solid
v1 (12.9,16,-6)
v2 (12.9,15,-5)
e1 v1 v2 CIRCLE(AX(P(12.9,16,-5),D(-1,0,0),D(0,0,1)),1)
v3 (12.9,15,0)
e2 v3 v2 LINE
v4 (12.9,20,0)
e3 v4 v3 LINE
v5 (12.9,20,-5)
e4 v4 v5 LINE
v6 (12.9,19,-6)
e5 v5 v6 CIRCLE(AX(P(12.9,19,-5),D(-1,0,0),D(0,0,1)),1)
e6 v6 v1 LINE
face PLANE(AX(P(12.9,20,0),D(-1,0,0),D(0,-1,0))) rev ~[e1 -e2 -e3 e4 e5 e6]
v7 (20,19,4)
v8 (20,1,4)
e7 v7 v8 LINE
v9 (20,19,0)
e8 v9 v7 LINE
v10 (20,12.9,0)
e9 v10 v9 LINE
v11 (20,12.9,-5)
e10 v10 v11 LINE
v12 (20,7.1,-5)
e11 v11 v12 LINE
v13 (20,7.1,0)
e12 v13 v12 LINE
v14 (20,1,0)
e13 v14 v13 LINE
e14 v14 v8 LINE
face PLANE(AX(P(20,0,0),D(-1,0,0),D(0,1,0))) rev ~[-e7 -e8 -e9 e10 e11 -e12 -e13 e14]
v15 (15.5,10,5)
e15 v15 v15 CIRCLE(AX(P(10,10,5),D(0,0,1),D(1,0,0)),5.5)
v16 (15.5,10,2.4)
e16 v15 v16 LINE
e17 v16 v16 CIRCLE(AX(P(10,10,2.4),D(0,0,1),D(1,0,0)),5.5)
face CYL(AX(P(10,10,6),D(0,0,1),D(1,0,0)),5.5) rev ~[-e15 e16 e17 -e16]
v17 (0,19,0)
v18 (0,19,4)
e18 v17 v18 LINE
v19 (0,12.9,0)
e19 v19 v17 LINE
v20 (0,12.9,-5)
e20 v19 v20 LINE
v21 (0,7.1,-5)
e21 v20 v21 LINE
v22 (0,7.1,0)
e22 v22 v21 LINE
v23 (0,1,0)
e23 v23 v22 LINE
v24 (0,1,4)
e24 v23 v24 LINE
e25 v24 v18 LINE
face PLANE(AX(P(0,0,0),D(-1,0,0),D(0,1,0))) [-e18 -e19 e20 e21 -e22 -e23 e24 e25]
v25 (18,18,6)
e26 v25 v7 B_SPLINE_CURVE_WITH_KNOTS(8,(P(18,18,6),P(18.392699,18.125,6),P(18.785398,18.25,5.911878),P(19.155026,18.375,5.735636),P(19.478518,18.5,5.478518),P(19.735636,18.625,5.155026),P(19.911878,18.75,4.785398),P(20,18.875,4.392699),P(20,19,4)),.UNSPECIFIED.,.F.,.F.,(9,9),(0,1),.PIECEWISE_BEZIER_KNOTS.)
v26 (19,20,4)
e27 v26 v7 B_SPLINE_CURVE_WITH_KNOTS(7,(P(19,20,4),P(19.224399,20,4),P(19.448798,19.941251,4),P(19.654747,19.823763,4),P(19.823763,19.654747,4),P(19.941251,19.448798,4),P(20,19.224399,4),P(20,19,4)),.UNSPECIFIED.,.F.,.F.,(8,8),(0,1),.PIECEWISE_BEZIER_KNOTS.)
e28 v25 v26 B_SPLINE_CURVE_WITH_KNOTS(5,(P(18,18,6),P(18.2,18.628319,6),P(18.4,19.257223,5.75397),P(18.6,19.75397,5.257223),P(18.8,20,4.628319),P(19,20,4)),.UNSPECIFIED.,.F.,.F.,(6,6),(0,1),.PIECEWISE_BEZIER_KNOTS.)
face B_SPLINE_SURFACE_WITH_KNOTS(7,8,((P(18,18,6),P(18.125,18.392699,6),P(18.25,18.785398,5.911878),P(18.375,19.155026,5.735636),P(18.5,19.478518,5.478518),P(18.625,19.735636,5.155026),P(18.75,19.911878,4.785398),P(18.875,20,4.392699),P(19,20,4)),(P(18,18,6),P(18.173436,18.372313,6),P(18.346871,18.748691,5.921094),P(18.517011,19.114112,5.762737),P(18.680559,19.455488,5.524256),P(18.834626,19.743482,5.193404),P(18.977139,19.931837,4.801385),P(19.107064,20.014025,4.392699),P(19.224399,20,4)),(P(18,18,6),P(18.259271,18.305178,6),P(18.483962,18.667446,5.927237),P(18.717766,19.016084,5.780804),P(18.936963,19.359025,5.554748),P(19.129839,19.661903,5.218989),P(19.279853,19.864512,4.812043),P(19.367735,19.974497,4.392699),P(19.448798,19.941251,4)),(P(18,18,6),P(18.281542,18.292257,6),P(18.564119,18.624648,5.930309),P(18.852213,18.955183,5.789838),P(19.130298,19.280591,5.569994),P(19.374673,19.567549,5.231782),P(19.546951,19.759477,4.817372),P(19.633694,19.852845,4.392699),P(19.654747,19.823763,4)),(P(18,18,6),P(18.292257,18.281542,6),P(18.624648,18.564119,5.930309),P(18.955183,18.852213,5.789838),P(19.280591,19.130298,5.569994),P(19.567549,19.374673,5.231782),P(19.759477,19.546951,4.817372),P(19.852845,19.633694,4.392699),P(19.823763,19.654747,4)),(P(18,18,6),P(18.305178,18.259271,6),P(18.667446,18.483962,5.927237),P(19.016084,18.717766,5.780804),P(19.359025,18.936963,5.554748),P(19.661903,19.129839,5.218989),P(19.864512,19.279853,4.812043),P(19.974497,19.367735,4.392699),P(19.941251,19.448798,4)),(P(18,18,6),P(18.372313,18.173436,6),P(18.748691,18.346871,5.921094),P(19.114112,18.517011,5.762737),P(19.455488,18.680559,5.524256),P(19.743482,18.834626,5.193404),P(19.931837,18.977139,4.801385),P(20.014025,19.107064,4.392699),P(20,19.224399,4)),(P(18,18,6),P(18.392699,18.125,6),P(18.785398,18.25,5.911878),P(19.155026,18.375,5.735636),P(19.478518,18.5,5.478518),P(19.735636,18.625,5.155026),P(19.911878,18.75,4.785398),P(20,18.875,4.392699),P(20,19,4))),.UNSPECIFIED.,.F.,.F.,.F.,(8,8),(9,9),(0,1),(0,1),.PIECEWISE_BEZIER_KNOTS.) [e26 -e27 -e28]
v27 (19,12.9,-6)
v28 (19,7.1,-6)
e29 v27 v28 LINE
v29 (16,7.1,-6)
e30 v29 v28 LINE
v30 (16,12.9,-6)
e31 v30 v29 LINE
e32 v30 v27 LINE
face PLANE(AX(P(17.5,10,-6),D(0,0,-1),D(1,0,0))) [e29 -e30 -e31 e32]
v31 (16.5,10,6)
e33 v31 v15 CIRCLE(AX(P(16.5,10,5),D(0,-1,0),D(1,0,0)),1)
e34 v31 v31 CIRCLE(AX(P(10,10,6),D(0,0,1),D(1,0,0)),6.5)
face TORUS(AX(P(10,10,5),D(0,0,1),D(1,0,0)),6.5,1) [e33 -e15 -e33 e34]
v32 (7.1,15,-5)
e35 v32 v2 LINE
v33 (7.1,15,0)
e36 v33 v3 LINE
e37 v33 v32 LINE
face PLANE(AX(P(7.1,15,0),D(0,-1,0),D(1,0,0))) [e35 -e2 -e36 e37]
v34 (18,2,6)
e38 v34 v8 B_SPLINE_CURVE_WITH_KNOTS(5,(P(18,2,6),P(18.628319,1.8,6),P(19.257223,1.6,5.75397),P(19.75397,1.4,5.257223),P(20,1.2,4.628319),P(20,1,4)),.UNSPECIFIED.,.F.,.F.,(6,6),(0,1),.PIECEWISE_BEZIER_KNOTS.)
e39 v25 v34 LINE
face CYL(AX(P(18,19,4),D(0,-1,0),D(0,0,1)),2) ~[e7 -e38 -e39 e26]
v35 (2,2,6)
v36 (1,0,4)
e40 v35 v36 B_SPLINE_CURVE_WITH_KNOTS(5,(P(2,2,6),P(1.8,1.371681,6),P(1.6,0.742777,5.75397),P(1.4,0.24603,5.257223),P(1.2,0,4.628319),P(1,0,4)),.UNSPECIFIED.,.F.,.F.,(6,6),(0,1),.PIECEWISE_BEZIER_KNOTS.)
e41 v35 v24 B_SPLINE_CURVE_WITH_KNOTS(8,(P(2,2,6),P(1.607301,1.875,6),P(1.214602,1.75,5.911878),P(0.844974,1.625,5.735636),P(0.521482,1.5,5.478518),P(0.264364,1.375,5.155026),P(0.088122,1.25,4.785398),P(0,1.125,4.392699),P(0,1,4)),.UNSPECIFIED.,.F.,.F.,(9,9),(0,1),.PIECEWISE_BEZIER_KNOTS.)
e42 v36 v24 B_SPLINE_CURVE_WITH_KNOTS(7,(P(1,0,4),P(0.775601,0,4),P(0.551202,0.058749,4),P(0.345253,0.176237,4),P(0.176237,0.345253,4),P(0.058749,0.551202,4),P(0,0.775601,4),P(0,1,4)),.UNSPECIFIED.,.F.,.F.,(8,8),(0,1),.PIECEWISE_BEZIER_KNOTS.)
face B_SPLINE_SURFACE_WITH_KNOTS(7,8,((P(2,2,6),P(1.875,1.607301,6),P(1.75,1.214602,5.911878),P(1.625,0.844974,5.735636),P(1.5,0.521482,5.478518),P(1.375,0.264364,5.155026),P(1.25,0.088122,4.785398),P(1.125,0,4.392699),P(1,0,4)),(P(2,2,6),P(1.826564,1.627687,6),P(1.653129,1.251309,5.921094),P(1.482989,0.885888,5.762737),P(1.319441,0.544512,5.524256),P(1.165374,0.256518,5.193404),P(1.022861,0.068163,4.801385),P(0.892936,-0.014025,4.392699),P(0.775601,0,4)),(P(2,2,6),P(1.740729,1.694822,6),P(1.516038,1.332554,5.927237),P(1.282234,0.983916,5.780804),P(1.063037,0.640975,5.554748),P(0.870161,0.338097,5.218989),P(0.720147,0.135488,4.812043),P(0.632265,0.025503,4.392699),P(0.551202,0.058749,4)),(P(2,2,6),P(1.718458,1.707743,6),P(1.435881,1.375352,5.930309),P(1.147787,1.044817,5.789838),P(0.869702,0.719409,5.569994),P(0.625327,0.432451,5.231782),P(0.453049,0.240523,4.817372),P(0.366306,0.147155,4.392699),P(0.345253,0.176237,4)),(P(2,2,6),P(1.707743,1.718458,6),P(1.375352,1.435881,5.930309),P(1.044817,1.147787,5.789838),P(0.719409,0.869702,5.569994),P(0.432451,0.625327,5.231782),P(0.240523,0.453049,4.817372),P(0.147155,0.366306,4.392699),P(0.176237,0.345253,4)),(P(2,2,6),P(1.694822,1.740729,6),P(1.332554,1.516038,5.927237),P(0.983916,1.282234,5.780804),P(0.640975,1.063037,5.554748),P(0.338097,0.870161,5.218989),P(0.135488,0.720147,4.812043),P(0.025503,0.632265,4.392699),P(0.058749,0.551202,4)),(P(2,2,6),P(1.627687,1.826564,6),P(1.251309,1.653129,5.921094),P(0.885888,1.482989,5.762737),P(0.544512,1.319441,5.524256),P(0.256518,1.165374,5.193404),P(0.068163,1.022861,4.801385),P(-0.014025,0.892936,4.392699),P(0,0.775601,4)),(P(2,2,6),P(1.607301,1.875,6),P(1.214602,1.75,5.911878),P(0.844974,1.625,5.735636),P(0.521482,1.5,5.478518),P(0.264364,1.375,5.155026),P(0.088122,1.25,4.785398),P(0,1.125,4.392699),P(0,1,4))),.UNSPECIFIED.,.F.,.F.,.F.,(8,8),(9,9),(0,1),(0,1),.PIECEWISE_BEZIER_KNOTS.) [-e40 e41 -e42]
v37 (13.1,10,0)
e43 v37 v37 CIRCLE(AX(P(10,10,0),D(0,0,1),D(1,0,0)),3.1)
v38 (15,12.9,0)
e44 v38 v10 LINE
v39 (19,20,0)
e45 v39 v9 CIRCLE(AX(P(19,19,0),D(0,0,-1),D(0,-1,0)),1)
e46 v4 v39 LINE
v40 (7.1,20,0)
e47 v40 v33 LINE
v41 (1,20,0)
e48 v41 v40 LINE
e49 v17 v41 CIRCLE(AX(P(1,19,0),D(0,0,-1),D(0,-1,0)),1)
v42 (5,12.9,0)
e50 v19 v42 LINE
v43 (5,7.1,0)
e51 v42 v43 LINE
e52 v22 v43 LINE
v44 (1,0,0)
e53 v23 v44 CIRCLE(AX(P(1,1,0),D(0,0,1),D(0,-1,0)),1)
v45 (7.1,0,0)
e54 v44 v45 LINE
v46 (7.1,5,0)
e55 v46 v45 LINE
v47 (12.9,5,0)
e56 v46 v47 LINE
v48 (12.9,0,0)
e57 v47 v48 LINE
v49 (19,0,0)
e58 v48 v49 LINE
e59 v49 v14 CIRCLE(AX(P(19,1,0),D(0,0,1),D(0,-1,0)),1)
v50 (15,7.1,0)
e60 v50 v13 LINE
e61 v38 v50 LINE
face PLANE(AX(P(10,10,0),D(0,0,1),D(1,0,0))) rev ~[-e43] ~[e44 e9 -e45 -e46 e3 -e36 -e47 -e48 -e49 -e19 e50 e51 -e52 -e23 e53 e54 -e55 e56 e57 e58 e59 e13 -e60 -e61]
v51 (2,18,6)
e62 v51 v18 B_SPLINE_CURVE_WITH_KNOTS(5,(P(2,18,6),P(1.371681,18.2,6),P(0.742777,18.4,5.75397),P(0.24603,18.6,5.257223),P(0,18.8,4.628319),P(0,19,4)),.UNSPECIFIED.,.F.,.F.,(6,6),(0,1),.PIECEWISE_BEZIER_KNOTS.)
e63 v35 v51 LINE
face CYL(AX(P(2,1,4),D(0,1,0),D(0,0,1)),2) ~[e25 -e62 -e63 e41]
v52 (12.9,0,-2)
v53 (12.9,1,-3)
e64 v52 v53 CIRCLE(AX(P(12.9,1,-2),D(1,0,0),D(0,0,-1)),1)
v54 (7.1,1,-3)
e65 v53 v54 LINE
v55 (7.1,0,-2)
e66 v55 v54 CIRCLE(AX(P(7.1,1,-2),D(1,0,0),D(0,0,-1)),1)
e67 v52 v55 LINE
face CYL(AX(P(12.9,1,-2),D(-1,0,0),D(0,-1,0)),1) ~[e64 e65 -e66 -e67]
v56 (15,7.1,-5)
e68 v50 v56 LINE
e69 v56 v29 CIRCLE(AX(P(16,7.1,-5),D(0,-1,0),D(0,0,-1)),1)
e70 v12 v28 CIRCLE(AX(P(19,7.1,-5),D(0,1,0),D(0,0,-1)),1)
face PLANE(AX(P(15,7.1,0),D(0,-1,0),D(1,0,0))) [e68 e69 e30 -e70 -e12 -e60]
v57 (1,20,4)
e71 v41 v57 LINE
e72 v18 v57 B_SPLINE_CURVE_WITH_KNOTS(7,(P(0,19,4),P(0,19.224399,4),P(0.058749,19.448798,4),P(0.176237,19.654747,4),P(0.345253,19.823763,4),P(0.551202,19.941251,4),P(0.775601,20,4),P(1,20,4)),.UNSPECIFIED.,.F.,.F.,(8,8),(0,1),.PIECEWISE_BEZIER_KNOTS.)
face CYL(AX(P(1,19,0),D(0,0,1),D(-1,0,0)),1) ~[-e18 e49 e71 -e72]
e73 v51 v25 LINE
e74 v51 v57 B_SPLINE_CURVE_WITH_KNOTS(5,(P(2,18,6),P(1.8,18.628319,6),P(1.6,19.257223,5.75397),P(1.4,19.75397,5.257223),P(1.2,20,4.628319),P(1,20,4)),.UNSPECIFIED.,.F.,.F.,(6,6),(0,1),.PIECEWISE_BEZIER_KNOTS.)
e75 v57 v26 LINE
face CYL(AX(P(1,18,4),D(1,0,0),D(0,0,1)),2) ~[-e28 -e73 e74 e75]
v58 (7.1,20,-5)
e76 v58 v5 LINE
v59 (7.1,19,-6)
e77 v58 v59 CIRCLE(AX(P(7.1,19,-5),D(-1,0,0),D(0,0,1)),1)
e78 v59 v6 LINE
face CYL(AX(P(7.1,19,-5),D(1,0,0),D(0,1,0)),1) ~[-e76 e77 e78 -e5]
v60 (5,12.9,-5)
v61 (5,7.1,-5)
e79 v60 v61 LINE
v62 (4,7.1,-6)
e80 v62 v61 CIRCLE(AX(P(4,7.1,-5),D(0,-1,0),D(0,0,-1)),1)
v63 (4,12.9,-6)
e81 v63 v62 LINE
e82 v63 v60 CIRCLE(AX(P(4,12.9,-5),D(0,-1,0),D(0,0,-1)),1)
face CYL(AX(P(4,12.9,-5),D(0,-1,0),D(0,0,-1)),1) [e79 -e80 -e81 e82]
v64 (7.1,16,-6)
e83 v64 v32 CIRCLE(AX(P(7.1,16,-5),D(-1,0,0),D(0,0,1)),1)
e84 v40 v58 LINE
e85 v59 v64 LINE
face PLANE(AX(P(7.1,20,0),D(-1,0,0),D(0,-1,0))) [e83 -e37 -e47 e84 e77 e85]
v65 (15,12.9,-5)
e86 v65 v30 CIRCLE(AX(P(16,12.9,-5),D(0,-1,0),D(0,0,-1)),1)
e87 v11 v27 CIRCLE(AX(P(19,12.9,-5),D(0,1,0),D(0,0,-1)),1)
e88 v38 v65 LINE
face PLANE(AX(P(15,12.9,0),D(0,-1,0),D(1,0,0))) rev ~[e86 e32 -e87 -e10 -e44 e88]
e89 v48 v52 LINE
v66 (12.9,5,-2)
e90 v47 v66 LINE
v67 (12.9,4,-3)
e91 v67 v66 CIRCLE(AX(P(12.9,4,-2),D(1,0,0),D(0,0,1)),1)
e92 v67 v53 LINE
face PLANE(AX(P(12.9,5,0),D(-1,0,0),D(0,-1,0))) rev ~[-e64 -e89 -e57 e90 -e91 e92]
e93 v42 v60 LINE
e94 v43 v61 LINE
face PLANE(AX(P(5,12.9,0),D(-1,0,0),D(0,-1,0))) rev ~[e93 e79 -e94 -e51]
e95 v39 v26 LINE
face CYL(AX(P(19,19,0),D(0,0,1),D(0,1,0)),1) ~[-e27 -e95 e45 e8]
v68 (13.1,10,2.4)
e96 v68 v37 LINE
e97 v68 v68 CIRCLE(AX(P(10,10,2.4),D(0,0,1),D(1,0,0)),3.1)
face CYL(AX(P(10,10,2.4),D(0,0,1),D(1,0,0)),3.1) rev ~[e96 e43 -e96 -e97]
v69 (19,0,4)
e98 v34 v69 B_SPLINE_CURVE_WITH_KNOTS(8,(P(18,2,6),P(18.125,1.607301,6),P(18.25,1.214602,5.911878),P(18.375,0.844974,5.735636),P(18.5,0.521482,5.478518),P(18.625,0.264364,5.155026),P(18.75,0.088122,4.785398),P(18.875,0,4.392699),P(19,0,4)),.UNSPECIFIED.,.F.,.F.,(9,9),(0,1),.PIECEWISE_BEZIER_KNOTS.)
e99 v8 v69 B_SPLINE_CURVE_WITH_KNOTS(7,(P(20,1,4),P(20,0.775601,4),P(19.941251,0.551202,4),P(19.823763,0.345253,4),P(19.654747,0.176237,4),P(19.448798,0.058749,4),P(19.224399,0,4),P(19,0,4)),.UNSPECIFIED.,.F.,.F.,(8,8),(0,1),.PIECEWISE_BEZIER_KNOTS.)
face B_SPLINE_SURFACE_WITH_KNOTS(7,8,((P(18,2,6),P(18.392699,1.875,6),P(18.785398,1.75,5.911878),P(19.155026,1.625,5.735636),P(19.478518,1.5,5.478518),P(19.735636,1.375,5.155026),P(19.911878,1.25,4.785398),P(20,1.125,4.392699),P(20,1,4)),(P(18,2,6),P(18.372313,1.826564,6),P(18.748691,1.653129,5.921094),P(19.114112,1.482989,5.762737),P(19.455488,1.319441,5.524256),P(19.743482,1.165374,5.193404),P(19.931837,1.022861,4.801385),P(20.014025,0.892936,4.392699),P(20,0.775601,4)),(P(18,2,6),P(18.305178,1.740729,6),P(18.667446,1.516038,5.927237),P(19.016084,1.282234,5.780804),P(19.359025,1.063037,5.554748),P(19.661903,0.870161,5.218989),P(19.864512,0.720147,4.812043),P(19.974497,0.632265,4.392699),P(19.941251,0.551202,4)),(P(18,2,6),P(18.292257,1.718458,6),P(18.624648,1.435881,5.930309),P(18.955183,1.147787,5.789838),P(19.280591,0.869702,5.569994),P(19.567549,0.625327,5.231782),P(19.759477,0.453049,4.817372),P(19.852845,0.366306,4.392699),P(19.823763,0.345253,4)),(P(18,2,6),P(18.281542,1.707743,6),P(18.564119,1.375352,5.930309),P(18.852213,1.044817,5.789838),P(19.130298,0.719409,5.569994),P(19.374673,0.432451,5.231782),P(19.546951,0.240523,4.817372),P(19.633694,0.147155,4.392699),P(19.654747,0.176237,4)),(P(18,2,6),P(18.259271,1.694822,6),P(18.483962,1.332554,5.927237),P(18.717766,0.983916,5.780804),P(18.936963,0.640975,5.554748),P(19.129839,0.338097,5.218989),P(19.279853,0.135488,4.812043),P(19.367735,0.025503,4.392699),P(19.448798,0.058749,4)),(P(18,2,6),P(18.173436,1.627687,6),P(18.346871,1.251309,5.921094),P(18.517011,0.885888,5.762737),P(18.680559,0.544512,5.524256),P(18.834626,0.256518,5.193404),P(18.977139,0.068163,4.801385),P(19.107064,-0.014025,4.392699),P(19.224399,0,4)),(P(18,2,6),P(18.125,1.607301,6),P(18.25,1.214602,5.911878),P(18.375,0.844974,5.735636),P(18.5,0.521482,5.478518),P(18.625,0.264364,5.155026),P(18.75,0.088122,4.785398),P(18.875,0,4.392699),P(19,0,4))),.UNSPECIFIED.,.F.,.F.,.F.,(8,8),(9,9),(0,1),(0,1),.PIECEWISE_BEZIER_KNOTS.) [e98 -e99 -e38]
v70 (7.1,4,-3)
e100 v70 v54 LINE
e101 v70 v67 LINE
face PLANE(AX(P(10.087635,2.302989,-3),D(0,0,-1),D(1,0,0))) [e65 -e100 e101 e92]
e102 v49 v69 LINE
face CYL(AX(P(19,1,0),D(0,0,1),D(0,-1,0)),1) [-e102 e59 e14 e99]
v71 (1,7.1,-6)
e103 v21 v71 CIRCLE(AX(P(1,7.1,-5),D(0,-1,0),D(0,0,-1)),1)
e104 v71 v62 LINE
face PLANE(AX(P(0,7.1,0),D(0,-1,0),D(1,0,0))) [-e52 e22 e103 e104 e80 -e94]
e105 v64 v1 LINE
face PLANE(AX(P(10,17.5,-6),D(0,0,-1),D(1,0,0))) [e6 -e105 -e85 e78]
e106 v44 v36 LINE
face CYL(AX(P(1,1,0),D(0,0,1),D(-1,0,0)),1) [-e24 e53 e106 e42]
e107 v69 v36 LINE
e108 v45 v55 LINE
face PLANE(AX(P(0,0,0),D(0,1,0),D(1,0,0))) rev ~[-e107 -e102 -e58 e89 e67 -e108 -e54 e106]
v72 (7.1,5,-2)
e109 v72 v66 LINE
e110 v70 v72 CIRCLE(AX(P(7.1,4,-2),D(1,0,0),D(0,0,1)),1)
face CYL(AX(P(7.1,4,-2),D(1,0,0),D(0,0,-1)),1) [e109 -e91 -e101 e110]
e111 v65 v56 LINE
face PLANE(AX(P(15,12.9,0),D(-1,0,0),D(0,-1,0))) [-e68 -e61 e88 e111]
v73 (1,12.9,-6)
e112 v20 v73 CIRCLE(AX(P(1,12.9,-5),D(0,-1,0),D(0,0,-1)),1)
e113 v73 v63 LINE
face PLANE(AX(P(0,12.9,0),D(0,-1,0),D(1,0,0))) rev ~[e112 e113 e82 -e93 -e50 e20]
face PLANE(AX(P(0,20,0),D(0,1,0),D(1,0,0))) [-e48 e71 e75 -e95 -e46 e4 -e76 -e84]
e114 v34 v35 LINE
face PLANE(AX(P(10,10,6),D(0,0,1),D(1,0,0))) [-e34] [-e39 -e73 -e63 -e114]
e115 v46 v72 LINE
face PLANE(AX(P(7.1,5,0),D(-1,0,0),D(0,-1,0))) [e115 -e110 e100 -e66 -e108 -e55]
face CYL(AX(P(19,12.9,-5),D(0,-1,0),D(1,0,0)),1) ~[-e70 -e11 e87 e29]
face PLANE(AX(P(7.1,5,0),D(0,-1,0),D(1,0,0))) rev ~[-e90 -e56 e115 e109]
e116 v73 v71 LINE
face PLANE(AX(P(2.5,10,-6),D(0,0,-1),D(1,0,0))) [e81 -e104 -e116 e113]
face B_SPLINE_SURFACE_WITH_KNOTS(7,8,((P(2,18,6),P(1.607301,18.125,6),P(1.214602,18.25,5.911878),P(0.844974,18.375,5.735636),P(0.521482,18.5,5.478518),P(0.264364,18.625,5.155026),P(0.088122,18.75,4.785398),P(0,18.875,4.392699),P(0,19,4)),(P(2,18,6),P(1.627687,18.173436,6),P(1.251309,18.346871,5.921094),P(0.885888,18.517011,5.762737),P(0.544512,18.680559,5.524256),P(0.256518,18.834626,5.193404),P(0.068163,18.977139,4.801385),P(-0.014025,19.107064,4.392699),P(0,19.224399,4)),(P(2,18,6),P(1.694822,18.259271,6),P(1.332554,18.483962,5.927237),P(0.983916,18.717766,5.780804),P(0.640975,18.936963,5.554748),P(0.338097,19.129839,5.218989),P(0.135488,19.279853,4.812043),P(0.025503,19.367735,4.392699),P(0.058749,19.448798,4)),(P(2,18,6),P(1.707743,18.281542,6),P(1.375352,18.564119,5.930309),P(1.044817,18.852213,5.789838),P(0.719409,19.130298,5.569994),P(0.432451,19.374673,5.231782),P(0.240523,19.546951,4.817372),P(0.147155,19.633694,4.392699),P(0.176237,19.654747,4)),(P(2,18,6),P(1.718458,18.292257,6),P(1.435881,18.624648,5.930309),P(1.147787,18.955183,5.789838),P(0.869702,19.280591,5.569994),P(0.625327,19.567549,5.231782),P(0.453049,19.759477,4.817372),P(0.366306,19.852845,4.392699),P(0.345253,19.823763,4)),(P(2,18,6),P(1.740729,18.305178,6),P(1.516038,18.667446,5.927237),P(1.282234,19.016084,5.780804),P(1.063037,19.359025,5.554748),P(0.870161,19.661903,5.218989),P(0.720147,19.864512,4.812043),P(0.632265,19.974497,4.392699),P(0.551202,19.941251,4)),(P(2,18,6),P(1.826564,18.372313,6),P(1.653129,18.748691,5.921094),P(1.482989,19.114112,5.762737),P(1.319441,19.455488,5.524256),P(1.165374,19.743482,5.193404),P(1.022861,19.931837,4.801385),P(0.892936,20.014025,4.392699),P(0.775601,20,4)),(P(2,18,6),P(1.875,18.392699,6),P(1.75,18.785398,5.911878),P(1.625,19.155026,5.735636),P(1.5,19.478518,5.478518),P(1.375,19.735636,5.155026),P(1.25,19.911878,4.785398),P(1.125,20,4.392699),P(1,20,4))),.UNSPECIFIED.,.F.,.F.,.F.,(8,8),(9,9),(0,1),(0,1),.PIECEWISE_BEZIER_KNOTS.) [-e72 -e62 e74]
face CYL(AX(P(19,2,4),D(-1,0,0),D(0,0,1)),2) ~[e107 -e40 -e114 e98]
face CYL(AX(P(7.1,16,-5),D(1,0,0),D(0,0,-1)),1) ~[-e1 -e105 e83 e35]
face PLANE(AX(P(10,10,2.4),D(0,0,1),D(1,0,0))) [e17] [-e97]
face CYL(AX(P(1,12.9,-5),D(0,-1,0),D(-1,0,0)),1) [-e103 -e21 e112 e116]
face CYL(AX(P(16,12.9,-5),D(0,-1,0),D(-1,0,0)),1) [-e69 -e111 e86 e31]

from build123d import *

# Parameters (mm, degrees)
SKETCH_W        = 20
SKETCH_H        = 20
PAD_DEPTH       = 6
SKETCH001_R     = 5.5
POCKET_DEPTH    = 3.6
SKETCH002_R     = 3.1
POCKET001_DEPTH = 5
SKETCH003_W     = 5.8
SKETCH003_H     = 5
PAD001_DEPTH    = 6
SKETCH004_W     = 5
SKETCH004_H     = 5.8
PAD002_DEPTH    = 6
SKETCH005_W     = 5.8
SKETCH005_H     = 5
PAD003_DEPTH    = 6
SKETCH006_W     = 5
SKETCH006_H     = 5.8
PAD004_DEPTH    = 6
SKETCH007_W     = 7.342915
SKETCH007_H     = 6.002037
POCKET002_DEPTH = 3
FILLET_R        = 1
FILLET001_R     = 1
FILLET002_R     = 2
FILLET003_R     = 1


with BuildPart() as part:
    # Sketch → Pad (new body)
    with BuildSketch(Plane.XY):
        with Locations((10, 10)):
            Rectangle(SKETCH_W, SKETCH_H)
    extrude(amount=PAD_DEPTH)

    # Sketch001 (on Face6 of Pad) → Pocket (cut)
    with BuildSketch(Plane.XY.offset(6)):
        with Locations((10, 10)):
            Circle(SKETCH001_R)
    extrude(amount=-POCKET_DEPTH, mode=Mode.SUBTRACT)

    # Sketch002 (on Face8 of Pocket) → Pocket001 (cut)
    with BuildSketch(Plane.XY.offset(2.4)):
        with Locations((10, 10)):
            Circle(SKETCH002_R)
    extrude(amount=-POCKET001_DEPTH, mode=Mode.SUBTRACT)

    # Sketch003 (on Face4 of Pocket001) → Pad001 (join)
    with BuildSketch(Plane(origin=(0, 0, 0), x_dir=(1, 0, 0), z_dir=(0, 0, -1))):
        with Locations((10, -2.5)):
            Rectangle(SKETCH003_W, SKETCH003_H)
    extrude(amount=PAD001_DEPTH)

    # Sketch004 (on Face4 of Pad001) → Pad002 (join)
    with BuildSketch(Plane(origin=(0, 0, 0), x_dir=(1, 0, 0), z_dir=(0, 0, -1))):
        with Locations((17.5, -10)):
            Rectangle(SKETCH004_W, SKETCH004_H)
    extrude(amount=PAD002_DEPTH)

    # Sketch005 (on Face4 of Pad002) → Pad003 (join)
    with BuildSketch(Plane(origin=(0, 0, 0), x_dir=(1, 0, 0), z_dir=(0, 0, -1))):
        with Locations((10, -17.5)):
            Rectangle(SKETCH005_W, SKETCH005_H)
    extrude(amount=PAD003_DEPTH)

    # Sketch006 (on Face4 of Pad003) → Pad004 (join)
    with BuildSketch(Plane(origin=(0, 0, 0), x_dir=(1, 0, 0), z_dir=(0, 0, -1))):
        with Locations((2.5, -10)):
            Rectangle(SKETCH006_W, SKETCH006_H)
    extrude(amount=PAD004_DEPTH)

    # Sketch007 → Pocket002 (cut)
    with BuildSketch(Plane(origin=(0, 0, -6), x_dir=(1, 0, 0), z_dir=(0, 0, -1))):
        with Locations((10.087635, -2.302989)):
            Rectangle(SKETCH007_W, SKETCH007_H)
    extrude(amount=-POCKET002_DEPTH, mode=Mode.SUBTRACT)

    # Fillet
    fillet_edges = [part.edges().sort_by_distance(p)[0] for p in [
        (10, 0, -3),
        (10, 5, -3),
        (5, 10, -6),
        (0, 10, -6),
        (10, 15, -6),
        (10, 20, -6),
        (15, 10, -6),
        (20, 10, -6),
    ]]
    fillet(fillet_edges, radius=FILLET_R)

    # Fillet001
    fillet001_edges = [part.edges().sort_by_distance(p)[0] for p in [
        (0, 20, 3),
        (20, 20, 3),
        (20, 0, 3),
        (0, 0, 3),
    ]]
    fillet(fillet001_edges, radius=FILLET001_R)

    # Fillet002
    fillet002_edges = [part.edges().sort_by_distance(p)[0] for p in [
        (10, 20, 6),
        (19.707107, 19.707107, 6),
        (20, 10, 6),
        (19.707107, 0.292893, 6),
        (10, 0, 6),
        (0.292893, 0.292893, 6),
        (0, 10, 6),
        (0.292893, 19.707107, 6),
    ]]
    fillet(fillet002_edges, radius=FILLET002_R)

    # Fillet003
    fillet003_edges = [part.edges().sort_by_distance(p)[0] for p in [
        (4.5, 10, 6),
    ]]
    fillet(fillet003_edges, radius=FILLET003_R)


solid = part.part
